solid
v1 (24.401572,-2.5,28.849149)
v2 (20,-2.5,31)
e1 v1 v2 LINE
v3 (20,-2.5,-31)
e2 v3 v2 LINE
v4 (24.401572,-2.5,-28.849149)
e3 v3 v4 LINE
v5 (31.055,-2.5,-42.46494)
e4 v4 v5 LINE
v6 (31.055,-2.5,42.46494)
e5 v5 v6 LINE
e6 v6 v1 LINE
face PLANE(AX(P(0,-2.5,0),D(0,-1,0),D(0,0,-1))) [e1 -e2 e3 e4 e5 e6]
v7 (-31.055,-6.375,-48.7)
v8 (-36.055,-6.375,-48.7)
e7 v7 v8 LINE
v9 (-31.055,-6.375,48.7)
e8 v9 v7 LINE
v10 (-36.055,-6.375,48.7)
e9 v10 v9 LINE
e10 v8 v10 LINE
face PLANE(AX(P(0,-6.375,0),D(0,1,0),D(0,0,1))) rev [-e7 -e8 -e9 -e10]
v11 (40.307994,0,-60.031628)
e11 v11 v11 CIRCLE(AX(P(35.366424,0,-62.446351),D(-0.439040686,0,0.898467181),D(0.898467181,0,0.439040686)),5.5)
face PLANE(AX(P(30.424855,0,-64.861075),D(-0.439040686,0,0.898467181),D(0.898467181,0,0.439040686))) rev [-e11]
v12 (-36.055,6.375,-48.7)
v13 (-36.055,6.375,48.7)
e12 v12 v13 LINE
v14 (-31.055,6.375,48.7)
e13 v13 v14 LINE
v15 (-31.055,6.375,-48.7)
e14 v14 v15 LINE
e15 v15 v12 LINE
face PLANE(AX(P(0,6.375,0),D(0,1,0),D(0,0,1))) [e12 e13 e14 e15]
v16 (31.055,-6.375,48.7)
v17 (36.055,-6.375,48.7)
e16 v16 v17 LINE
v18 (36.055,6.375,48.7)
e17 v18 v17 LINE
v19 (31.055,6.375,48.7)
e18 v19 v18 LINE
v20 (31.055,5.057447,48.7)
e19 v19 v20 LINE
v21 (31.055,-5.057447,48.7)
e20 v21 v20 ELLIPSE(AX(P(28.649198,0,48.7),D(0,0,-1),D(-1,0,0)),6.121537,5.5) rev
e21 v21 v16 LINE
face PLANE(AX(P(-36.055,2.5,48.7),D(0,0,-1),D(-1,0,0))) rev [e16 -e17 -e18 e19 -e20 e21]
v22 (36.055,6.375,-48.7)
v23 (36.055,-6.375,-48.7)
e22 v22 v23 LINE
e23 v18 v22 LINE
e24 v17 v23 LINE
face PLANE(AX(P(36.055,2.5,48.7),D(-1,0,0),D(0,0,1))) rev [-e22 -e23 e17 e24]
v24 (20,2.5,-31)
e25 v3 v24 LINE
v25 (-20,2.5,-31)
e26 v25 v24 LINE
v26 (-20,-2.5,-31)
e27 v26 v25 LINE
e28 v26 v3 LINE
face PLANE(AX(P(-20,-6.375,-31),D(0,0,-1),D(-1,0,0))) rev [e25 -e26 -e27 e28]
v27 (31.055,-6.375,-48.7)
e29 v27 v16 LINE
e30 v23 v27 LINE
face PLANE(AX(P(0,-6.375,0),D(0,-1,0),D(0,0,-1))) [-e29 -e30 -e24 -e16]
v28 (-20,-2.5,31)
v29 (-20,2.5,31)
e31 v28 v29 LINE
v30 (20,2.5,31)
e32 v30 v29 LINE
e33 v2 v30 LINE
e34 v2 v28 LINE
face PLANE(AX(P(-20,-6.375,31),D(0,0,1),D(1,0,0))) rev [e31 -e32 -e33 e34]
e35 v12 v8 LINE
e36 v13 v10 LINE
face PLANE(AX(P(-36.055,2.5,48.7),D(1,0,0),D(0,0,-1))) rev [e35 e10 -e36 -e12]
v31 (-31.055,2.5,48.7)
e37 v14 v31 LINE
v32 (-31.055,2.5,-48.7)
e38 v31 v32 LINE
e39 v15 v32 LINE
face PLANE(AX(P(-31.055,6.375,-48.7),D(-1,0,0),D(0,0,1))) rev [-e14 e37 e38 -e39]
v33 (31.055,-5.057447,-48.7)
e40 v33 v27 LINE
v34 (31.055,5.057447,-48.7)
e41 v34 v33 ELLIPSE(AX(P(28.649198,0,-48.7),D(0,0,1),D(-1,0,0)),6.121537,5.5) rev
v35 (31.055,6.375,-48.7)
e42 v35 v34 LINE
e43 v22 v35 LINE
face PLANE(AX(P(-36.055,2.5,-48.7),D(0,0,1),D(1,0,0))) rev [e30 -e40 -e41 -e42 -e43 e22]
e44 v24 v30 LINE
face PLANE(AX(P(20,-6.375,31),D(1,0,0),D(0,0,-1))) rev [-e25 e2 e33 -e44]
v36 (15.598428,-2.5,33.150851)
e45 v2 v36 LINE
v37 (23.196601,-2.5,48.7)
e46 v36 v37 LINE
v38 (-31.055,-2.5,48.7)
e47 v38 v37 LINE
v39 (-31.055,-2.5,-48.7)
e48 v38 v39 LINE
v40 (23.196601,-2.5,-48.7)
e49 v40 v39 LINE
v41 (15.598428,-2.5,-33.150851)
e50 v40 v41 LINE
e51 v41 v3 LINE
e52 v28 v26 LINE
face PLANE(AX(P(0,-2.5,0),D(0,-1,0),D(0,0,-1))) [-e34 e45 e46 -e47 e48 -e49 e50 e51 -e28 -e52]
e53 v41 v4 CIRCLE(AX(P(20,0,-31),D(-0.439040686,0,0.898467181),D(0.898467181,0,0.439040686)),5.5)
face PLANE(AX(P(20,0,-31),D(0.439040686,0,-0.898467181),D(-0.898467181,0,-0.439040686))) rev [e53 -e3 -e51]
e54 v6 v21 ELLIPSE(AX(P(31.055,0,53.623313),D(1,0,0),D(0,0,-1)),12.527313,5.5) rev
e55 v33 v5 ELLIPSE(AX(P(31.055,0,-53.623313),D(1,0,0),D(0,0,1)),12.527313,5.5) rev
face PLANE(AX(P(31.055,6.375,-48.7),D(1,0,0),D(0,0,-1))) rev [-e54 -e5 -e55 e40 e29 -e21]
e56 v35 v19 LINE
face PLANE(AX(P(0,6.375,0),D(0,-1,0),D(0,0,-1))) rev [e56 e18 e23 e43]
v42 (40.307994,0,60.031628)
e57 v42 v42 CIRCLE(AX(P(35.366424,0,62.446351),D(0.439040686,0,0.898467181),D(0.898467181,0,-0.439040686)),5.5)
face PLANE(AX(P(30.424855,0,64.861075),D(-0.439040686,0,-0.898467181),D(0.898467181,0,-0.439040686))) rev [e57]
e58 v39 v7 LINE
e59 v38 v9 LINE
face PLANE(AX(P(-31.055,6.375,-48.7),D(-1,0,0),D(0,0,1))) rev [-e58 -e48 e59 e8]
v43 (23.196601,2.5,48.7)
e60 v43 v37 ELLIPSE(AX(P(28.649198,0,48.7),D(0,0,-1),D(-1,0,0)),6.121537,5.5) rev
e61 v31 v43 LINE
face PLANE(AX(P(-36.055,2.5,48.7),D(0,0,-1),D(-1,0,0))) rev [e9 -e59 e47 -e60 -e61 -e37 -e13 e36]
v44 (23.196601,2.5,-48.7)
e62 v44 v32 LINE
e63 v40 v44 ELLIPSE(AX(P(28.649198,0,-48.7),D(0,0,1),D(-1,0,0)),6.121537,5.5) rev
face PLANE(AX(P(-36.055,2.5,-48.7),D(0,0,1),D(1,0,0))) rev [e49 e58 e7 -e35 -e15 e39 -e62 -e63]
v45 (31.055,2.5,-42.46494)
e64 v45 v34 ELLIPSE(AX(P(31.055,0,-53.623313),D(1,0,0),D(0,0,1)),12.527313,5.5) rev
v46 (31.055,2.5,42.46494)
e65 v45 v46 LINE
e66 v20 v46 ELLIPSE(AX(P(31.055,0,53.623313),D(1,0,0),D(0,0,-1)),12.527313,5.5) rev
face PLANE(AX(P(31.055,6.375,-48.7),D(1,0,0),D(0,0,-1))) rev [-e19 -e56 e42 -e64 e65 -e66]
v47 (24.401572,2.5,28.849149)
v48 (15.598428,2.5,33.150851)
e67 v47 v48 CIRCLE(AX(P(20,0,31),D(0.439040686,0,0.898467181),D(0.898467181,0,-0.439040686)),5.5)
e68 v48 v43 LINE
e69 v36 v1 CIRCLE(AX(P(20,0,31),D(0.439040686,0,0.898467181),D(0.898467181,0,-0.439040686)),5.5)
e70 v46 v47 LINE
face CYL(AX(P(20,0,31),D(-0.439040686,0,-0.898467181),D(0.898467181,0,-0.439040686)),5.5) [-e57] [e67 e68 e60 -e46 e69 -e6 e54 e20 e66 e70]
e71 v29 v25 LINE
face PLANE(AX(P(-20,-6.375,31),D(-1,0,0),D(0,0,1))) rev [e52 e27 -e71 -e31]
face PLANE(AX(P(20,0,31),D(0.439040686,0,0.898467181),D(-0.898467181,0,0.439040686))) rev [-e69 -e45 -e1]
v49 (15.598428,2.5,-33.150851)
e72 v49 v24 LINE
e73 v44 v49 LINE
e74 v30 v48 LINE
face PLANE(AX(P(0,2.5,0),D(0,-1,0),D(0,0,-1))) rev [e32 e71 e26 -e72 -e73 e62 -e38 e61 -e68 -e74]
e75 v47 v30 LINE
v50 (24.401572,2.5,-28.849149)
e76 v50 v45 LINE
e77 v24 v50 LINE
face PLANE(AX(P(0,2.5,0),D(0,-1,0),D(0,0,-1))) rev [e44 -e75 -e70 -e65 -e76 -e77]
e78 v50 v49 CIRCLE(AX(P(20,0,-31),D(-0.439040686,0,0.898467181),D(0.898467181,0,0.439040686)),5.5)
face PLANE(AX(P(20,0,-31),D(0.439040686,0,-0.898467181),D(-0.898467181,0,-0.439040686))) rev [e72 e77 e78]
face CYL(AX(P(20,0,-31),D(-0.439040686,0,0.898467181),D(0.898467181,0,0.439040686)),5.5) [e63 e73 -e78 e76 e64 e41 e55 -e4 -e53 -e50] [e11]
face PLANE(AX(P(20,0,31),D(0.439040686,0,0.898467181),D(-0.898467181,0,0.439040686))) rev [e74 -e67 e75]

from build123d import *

# Parameters (mm, degrees)
SKETCH1_W               = 72.11
SKETCH1_H               = 97.4
BOSS_EXTRUDE1_DEPTH     = 2.5
SKETCH2_W               = 5
SKETCH2_H               = 97.4
BOSS_EXTRUDE2_DEPTH     = 6.375
CUT_EXTRUDE1_DEPTH      = 62.240661737
CUT_EXTRUDE1_DEPTH_BACK = 62.240661737
SKETCH3_W               = 40
SKETCH3_H               = 62


with BuildPart() as part:
    # Sketch1 → Boss-Extrude1 (new, symmetric)
    with BuildSketch(Plane(origin=(0, 0, 0), x_dir=(1, 0, 0), z_dir=(0, 1, 0))):
        Rectangle(SKETCH1_W, SKETCH1_H)
    extrude(amount=BOSS_EXTRUDE1_DEPTH, both=True)

    # Sketch2 → Boss-Extrude2 (add, symmetric)
    with BuildSketch(Plane(origin=(0, 0, 0), x_dir=(1, 0, 0), z_dir=(0, 1, 0))):
        with Locations((-33.555, 0)):
            Rectangle(SKETCH2_W, SKETCH2_H)
        with Locations((33.555, 0)):
            Rectangle(SKETCH2_W, SKETCH2_H)
    extrude(amount=BOSS_EXTRUDE2_DEPTH, both=True)

    # Sketch3 → Cut-Extrude1 (cut, two sides: drawn at the far end of the back side and taken through both)
    with BuildSketch(Plane(origin=(0, 2.5, 0), x_dir=(1, 0, 0), z_dir=(0, 1, 0)).offset(-CUT_EXTRUDE1_DEPTH_BACK)):
        Rectangle(SKETCH3_W, SKETCH3_H)
    extrude(amount=CUT_EXTRUDE1_DEPTH + CUT_EXTRUDE1_DEPTH_BACK, mode=Mode.SUBTRACT)

    # Sketch4 → Revolve1 (revolve)
    with BuildSketch(Plane(origin=(0, 0, 0), x_dir=(1, 0, 0), z_dir=(0, 1, 0)), mode=Mode.PRIVATE) as revolve1_sk:
        Polygon((20, 31), (15.058430503, 33.414723774), (30.424854519, 64.86107512), (35.366424016, 62.446351346), align=None)
    revolve1 = revolve(revolve1_sk.sketch.rotate(Axis((20, 0, -31), (0.4390406861851917, 0, -0.8984671813004836)), 180), axis=Axis((20, 0, -31), (0.4390406861851917, 0, -0.8984671813004836)))

    # Mirror1: Revolve1 across plane
    add(revolve1.mirror(Plane.XY))


solid = part.part
